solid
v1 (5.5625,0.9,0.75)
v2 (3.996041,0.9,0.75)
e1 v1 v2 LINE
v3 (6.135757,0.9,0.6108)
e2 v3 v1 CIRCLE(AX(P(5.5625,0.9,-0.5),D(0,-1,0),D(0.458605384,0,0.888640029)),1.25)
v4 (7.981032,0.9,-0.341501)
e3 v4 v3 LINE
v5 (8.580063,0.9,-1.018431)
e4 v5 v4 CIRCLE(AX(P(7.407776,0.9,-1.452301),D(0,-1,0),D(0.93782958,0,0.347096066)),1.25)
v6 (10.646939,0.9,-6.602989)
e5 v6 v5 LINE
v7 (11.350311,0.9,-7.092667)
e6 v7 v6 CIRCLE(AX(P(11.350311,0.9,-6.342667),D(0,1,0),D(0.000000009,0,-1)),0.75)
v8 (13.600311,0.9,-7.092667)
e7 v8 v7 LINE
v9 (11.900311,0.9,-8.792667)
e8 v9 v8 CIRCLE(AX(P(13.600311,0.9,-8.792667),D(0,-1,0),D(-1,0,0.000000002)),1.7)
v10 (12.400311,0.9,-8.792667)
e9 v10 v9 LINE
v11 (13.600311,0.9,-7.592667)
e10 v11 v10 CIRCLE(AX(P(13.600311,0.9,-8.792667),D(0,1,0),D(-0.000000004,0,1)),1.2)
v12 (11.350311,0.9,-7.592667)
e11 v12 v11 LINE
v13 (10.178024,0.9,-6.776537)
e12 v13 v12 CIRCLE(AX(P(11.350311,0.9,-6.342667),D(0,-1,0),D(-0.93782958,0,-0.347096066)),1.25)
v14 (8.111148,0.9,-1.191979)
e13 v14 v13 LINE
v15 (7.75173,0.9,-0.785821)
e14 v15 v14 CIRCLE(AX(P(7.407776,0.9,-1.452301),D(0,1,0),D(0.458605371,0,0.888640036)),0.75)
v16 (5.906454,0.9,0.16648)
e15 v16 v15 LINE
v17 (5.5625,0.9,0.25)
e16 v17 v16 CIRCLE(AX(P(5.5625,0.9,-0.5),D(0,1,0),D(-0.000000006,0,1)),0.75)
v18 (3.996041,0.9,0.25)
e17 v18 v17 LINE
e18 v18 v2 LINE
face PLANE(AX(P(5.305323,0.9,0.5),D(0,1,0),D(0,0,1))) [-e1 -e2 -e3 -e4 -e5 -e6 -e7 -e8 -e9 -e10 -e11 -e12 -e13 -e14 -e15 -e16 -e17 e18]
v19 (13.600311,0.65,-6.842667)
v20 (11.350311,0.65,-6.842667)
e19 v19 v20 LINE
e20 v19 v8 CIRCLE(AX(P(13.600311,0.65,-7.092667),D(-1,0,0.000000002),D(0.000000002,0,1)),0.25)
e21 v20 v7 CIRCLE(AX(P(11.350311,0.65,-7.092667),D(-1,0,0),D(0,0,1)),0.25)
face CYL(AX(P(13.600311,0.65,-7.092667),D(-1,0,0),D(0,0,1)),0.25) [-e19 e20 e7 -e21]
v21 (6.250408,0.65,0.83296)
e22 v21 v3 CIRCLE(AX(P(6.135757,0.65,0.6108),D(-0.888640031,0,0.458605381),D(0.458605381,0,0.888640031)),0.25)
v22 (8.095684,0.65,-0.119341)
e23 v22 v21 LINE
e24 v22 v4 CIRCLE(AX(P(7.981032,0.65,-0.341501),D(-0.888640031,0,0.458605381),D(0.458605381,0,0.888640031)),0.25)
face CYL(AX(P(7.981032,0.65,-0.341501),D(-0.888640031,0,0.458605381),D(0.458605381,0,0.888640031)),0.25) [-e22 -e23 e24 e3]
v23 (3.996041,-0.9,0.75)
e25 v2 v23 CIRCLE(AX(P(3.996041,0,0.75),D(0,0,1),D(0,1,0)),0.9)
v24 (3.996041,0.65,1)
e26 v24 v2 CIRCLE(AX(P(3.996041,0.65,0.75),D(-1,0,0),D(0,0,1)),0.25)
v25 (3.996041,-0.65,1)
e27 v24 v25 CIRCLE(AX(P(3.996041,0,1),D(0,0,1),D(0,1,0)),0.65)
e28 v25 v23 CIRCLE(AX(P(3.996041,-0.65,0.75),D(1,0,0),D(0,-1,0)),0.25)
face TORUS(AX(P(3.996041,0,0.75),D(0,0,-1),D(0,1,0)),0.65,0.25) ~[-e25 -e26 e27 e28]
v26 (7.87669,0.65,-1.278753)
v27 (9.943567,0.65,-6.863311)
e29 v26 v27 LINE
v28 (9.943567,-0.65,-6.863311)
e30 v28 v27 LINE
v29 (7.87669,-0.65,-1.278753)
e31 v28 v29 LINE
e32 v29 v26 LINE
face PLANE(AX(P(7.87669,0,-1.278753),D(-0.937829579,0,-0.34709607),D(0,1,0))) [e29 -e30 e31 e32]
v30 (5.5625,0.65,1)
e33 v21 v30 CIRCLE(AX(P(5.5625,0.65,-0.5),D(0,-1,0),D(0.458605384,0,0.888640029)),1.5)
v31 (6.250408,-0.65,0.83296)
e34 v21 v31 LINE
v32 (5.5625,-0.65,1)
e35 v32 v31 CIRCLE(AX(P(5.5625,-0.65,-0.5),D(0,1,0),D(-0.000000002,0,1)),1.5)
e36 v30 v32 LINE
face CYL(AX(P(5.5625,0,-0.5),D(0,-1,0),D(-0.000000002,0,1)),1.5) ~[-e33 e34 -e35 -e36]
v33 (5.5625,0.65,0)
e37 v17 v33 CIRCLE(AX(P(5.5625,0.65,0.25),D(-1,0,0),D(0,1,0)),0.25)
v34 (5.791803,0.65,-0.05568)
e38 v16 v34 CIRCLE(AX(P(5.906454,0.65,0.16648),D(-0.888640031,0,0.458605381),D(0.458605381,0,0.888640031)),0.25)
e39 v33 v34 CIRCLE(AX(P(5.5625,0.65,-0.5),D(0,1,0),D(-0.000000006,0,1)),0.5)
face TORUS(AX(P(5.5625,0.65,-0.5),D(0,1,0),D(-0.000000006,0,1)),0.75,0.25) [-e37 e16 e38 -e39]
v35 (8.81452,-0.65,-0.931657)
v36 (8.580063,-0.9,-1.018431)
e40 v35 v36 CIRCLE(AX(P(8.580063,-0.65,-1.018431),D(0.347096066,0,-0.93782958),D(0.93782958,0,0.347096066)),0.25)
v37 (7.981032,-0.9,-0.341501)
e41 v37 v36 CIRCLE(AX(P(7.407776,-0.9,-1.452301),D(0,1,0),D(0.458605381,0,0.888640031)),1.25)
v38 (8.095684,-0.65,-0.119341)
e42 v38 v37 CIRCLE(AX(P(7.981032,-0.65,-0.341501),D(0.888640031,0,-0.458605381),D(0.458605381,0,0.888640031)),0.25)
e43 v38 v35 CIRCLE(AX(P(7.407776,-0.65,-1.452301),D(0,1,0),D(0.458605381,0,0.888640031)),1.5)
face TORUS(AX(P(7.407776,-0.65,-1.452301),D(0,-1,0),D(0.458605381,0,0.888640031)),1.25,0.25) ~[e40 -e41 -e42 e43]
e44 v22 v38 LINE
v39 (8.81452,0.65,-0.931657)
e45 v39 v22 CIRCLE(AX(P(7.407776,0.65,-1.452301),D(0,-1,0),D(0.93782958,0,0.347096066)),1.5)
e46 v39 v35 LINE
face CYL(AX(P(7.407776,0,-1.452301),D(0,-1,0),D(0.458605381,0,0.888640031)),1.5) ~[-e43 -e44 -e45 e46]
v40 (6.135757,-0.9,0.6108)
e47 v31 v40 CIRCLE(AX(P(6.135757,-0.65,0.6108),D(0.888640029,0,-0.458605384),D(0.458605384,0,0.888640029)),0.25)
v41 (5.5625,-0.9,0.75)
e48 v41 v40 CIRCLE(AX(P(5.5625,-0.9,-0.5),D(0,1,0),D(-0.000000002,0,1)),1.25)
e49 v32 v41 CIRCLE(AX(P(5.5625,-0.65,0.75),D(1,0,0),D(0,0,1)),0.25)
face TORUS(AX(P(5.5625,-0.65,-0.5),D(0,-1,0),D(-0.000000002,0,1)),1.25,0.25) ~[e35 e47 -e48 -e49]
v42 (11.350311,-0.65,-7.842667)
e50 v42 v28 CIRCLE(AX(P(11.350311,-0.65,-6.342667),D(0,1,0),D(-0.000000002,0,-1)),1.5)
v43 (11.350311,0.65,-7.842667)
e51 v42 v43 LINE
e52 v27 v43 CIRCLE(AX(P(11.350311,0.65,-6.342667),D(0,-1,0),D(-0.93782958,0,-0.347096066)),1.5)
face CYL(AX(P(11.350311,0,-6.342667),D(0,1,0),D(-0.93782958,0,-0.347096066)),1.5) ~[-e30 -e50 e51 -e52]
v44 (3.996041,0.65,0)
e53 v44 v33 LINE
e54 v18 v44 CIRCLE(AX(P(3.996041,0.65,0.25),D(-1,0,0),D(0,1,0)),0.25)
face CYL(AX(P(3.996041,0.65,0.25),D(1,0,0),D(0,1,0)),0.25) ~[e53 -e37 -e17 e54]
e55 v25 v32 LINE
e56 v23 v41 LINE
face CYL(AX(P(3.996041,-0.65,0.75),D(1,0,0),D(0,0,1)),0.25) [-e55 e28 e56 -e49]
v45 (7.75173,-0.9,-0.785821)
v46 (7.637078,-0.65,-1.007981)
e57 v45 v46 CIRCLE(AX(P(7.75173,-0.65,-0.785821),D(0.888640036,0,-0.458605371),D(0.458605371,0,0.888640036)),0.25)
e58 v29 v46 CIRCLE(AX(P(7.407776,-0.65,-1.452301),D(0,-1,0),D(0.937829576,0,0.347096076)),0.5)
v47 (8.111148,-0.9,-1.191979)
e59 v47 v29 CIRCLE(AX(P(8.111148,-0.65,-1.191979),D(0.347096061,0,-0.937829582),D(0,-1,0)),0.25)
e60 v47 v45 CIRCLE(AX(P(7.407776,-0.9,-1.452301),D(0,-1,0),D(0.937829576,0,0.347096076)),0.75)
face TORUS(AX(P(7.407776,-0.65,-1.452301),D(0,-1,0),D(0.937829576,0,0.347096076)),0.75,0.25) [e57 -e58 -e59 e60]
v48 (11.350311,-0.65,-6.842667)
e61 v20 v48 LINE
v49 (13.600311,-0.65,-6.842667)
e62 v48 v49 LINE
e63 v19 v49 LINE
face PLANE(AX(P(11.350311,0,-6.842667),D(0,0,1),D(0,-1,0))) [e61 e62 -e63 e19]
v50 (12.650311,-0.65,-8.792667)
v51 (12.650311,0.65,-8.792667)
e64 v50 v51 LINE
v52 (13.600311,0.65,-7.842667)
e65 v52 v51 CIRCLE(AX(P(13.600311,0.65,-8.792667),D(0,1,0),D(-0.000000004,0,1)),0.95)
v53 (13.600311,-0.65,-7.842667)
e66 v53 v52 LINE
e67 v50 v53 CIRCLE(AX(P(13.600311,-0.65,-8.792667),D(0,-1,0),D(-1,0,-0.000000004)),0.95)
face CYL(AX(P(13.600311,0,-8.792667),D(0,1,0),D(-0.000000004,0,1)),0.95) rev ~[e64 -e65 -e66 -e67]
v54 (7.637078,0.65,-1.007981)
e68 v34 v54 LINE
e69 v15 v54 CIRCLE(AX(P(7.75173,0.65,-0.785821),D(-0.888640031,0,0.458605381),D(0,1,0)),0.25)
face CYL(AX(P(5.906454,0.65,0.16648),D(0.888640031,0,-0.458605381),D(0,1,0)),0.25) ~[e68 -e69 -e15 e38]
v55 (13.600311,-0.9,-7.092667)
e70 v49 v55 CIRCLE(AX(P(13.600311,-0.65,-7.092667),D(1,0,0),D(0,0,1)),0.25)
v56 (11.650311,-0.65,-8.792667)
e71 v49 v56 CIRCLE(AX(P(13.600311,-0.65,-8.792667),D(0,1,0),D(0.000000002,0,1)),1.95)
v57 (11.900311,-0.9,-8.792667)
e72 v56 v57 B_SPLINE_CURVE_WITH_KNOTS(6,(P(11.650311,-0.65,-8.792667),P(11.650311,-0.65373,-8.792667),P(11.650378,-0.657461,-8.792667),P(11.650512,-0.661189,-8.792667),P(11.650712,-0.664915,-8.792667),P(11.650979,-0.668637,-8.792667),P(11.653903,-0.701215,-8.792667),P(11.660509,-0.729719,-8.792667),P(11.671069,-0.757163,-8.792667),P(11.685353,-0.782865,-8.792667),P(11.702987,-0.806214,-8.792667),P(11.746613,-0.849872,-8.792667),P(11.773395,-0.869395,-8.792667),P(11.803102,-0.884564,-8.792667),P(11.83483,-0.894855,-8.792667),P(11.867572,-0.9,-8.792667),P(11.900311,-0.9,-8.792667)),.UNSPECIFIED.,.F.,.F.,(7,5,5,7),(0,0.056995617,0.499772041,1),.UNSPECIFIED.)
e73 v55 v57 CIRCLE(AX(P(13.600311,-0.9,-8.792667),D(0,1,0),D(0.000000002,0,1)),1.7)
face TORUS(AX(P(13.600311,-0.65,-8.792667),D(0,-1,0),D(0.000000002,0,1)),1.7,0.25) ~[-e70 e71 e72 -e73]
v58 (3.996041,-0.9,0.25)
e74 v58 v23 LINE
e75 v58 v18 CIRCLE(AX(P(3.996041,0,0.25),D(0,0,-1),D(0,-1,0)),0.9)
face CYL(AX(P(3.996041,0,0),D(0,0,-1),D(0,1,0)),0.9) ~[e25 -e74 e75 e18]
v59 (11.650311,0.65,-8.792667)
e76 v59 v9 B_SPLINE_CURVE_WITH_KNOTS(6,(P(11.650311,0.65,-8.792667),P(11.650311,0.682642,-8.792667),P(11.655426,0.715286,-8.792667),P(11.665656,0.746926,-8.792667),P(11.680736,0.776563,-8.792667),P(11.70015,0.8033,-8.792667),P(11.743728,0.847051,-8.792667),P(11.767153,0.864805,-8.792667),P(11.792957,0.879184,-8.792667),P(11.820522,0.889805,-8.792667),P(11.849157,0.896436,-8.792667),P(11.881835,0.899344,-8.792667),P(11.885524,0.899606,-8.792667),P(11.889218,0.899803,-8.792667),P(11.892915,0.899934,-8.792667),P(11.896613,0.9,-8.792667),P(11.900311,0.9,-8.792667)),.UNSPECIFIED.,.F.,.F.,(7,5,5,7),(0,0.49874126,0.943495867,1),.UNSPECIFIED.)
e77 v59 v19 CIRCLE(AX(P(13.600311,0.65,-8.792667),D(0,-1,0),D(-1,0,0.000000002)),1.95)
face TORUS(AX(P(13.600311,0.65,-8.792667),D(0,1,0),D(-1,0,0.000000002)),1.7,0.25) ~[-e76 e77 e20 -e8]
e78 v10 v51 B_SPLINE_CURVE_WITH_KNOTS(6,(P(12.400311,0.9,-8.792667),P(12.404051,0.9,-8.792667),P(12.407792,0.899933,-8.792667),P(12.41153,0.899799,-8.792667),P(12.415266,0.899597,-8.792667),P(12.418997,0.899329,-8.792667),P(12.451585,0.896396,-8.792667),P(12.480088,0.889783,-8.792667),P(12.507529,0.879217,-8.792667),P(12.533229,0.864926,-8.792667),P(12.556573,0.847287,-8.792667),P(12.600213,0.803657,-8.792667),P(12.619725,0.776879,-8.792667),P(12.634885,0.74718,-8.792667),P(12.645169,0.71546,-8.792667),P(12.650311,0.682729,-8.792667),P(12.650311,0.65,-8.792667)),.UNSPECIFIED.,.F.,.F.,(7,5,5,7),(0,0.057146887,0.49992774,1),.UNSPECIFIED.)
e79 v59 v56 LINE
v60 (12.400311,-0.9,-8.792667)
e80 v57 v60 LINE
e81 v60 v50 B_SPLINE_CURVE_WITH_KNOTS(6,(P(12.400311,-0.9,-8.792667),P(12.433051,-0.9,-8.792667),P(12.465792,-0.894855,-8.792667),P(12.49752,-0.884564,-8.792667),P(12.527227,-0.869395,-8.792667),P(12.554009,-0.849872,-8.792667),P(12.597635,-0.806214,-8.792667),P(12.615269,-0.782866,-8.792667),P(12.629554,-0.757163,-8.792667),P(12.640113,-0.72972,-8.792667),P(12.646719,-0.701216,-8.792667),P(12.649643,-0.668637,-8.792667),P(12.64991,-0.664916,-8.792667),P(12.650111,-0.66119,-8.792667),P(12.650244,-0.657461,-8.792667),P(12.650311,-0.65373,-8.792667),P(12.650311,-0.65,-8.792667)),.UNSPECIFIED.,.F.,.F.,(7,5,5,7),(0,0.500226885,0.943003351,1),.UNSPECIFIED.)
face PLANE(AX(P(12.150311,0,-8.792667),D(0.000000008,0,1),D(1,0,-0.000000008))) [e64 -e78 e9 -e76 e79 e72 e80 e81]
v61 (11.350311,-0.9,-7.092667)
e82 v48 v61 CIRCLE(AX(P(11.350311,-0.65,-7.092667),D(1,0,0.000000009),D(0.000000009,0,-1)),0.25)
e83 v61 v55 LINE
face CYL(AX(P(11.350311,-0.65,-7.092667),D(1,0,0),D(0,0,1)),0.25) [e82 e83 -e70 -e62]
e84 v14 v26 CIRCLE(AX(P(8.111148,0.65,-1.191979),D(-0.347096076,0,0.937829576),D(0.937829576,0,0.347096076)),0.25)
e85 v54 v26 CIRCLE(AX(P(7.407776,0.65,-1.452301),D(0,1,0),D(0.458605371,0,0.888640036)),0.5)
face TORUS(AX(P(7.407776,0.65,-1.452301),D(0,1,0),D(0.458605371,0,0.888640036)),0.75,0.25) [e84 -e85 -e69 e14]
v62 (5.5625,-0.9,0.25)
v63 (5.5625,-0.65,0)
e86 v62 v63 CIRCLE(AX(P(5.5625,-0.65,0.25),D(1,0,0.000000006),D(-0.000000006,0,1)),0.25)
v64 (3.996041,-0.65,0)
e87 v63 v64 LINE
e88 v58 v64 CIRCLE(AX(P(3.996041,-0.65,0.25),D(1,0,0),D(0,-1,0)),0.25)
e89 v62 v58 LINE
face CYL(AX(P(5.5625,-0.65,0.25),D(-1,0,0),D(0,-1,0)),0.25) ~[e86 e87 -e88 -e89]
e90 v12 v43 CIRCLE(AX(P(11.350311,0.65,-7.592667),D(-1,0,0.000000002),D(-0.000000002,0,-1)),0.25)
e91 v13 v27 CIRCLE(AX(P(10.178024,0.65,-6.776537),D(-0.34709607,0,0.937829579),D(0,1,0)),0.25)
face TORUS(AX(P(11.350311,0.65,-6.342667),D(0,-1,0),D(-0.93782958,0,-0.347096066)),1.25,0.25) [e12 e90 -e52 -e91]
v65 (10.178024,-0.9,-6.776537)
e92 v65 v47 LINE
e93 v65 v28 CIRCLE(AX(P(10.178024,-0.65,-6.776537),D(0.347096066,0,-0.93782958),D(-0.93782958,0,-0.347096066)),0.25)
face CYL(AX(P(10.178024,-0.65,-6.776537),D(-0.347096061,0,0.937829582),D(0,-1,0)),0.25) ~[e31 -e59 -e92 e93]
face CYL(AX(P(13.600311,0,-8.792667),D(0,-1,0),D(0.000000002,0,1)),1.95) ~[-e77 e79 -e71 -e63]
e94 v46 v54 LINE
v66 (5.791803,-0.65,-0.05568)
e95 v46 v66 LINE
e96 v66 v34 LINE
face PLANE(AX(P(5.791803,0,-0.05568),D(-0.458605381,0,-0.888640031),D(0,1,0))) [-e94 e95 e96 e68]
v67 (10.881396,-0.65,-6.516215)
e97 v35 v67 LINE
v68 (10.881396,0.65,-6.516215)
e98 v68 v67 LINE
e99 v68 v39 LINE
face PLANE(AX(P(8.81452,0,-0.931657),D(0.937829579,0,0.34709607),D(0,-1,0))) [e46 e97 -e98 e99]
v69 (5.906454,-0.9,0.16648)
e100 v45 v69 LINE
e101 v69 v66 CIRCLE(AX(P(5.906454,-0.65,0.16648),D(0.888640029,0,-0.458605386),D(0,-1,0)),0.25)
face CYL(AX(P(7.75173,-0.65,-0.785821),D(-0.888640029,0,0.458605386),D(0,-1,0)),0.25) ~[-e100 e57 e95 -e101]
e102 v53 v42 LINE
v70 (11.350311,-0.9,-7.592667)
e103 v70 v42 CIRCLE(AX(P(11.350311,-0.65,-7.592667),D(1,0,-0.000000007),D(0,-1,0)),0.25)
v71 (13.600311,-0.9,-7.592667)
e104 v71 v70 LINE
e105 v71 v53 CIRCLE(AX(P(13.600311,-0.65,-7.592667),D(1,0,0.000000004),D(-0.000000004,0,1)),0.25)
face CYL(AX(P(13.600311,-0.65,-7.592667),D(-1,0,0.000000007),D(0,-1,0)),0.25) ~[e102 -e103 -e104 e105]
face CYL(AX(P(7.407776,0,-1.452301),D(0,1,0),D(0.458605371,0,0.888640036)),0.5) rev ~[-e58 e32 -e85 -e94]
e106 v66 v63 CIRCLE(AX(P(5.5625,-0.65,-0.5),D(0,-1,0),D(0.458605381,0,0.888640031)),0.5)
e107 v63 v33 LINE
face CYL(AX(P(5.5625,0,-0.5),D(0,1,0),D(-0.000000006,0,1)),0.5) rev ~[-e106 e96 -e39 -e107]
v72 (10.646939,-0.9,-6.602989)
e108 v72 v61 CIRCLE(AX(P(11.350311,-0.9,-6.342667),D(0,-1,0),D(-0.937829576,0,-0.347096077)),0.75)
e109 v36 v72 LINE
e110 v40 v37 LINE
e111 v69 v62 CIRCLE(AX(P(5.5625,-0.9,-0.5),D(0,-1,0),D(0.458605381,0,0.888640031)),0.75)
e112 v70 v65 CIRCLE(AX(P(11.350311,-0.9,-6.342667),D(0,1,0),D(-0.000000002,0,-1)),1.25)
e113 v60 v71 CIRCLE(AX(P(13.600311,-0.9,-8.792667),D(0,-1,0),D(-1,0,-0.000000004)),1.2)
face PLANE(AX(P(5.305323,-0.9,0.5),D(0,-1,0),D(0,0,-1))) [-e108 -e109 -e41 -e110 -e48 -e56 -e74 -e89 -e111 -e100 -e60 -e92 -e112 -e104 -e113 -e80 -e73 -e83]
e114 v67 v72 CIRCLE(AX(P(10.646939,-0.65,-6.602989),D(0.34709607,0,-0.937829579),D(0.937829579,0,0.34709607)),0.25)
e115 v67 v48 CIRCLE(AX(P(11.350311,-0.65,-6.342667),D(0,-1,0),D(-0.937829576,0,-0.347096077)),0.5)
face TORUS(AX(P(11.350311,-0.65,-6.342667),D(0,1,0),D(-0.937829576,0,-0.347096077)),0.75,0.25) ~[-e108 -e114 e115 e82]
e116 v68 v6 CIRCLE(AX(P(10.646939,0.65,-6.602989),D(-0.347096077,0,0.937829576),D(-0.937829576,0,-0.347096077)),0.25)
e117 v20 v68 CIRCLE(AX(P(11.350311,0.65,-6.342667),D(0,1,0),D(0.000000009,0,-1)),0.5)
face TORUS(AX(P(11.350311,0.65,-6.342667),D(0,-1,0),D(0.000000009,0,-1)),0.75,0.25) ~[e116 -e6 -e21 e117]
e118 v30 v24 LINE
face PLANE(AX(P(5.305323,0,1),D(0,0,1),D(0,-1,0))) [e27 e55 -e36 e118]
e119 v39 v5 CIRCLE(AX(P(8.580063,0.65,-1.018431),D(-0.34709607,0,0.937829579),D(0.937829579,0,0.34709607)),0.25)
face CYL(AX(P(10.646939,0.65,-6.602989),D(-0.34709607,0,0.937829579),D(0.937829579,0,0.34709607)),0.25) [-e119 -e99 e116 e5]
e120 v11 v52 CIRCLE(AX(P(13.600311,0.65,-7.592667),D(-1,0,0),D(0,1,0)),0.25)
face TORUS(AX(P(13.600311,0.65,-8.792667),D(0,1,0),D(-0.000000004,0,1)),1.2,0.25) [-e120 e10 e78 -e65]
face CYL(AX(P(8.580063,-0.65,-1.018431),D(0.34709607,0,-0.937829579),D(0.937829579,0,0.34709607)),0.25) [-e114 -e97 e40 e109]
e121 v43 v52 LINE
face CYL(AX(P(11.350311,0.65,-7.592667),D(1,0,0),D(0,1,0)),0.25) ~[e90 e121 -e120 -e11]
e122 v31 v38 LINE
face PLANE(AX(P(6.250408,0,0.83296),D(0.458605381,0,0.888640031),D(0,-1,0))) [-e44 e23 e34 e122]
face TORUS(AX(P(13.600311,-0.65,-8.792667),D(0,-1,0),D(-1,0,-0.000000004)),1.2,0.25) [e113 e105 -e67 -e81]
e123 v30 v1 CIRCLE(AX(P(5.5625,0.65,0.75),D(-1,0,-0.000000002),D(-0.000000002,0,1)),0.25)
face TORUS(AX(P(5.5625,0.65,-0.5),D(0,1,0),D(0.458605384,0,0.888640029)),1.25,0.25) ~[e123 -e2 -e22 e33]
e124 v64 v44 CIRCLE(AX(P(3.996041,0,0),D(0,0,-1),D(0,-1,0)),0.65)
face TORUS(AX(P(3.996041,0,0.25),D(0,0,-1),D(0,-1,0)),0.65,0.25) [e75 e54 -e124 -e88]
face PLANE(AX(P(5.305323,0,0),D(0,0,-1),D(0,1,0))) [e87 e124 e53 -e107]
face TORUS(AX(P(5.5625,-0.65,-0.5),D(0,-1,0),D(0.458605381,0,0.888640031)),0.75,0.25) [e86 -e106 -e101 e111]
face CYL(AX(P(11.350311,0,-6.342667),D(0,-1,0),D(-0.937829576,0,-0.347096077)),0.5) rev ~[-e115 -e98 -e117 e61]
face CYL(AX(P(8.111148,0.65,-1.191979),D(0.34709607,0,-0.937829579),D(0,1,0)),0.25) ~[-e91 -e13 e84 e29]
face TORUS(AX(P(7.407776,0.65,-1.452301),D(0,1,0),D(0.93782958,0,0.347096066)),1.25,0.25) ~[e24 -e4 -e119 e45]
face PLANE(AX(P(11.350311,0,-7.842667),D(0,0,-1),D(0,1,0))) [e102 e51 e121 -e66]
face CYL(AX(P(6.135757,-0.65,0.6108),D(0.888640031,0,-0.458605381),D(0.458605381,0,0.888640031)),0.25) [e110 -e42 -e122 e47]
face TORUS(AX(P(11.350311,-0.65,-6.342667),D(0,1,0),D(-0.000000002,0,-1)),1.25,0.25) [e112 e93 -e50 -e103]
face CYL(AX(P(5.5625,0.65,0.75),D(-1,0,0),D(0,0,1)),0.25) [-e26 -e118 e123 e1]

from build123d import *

# Parameters (mm, degrees)
BASE_EXTRUDE_DEPTH = 1
SKETCH3_W          = 1
SKETCH3_H          = 1.8
FILLET2_R          = 0.25
FILLET3_R          = 0.25


with BuildPart() as part:
    # Sketch1 → Base-Extrude (new body)
    with BuildSketch(Plane.XY):
        with BuildLine():
            Line((5.305323422, 0.9), (3.996041137, 0.9))
            ThreePointArc((3.996041137, 0.9), (3.096041137, 0), (3.996041137, -0.9))
            Line((3.996041137, -0.9), (5.305323422, -0.9))
            Line((5.305323422, -0.9), (5.305323422, 0.9))
        make_face()
    extrude(amount=BASE_EXTRUDE_DEPTH)

    # Boss-Sweep1: sweep along a path in Sketch2
    with BuildLine(Plane(origin=(0, 0, 0), x_dir=(1, 0, 0), z_dir=(0, 1, 0))) as boss_sweep1_path:
        Line((5.305323422, -0.5), (5.562500347, -0.5))
        ThreePointArc((5.562500347, -0.5), (5.798466413, -0.471761296), (6.021105728, -0.388640031))
        Line((6.021105728, -0.388640031), (7.866380982, 0.563661386))
        ThreePointArc((7.866380982, 0.563661386), (8.156658179, 0.789598704), (8.34560518, 1.105205347))
        Line((8.34560518, 1.105205347), (10.412481631, 6.689762596))
        ThreePointArc((10.412481631, 6.689762596), (10.778951458, 7.163366249), (11.350311209, 7.342666526))
        Line((11.350311209, 7.342666526), (13.600311209, 7.342666526))
        ThreePointArc((13.600311209, 7.342666526), (14.625616042, 9.817971359), (12.150311209, 8.792666526))
    # Sketch3 → Boss-Sweep1 (sweep)
    with BuildSketch(Plane(origin=(5.305323422, 0, 0), x_dir=(0, 0, -1), z_dir=(1, 0, 0))):
        with Locations((-0.5, 0)):
            Rectangle(SKETCH3_W, SKETCH3_H)
    sweep(path=boss_sweep1_path.line)

    # Fillet2
    fillet2_edges = [part.edges().sort_by_distance(p)[0] for p in [
        (4.779270742, 0.9, 1),
        (14.979169433, -0.9, -10.17152475),
        (12.475311209, -0.9, -6.842666526),
        (11.064631334, -0.9, -6.753016388),
        (9.847958195, -0.9, -3.723935937),
        (8.531099467, -0.9, -0.458247348),
        (7.173046045, -0.9, 0.356809338),
        (5.916449446, -0.9, 0.957641943),
        (5.916449446, 0.9, 0.957641943),
        (7.173046045, 0.9, 0.356809338),
        (8.531099467, 0.9, -0.458247348),
        (9.847958195, 0.9, -3.723935937),
        (11.064631334, 0.9, -6.753016388),
        (12.475311209, 0.9, -6.842666526),
        (14.979169433, 0.9, -10.17152475),
        (3.096041137, 0, 1),
        (4.779270742, -0.9, 1),
    ]]
    fillet(fillet2_edges, radius=FILLET2_R)

    # Fillet3
    fillet3_edges = [part.edges().sort_by_distance(p)[0] for p in [
        (14.272062652, 0.9, -9.464417969),
        (12.475311209, 0.9, -7.842666526),
        (10.493271583, 0.9, -7.57371611),
        (8.910128616, 0.9, -4.071032006),
        (7.78221689, 0.9, -1.120950061),
        (6.714440665, 0.9, -0.531830693),
        (5.68048338, 0.9, -0.014119352),
        (5.68048338, -0.9, -0.014119352),
        (6.714440665, -0.9, -0.531830693),
        (7.78221689, -0.9, -1.120950061),
        (8.910128616, -0.9, -4.071032006),
        (10.493271583, -0.9, -7.57371611),
        (12.475311209, -0.9, -7.842666526),
        (14.272062652, -0.9, -9.464417969),
        (4.779270742, 0.9, 0),
        (4.779270742, -0.9, 0),
        (3.096041137, 0, 0),
    ]]
    fillet(fillet3_edges, radius=FILLET3_R)


solid = part.part
